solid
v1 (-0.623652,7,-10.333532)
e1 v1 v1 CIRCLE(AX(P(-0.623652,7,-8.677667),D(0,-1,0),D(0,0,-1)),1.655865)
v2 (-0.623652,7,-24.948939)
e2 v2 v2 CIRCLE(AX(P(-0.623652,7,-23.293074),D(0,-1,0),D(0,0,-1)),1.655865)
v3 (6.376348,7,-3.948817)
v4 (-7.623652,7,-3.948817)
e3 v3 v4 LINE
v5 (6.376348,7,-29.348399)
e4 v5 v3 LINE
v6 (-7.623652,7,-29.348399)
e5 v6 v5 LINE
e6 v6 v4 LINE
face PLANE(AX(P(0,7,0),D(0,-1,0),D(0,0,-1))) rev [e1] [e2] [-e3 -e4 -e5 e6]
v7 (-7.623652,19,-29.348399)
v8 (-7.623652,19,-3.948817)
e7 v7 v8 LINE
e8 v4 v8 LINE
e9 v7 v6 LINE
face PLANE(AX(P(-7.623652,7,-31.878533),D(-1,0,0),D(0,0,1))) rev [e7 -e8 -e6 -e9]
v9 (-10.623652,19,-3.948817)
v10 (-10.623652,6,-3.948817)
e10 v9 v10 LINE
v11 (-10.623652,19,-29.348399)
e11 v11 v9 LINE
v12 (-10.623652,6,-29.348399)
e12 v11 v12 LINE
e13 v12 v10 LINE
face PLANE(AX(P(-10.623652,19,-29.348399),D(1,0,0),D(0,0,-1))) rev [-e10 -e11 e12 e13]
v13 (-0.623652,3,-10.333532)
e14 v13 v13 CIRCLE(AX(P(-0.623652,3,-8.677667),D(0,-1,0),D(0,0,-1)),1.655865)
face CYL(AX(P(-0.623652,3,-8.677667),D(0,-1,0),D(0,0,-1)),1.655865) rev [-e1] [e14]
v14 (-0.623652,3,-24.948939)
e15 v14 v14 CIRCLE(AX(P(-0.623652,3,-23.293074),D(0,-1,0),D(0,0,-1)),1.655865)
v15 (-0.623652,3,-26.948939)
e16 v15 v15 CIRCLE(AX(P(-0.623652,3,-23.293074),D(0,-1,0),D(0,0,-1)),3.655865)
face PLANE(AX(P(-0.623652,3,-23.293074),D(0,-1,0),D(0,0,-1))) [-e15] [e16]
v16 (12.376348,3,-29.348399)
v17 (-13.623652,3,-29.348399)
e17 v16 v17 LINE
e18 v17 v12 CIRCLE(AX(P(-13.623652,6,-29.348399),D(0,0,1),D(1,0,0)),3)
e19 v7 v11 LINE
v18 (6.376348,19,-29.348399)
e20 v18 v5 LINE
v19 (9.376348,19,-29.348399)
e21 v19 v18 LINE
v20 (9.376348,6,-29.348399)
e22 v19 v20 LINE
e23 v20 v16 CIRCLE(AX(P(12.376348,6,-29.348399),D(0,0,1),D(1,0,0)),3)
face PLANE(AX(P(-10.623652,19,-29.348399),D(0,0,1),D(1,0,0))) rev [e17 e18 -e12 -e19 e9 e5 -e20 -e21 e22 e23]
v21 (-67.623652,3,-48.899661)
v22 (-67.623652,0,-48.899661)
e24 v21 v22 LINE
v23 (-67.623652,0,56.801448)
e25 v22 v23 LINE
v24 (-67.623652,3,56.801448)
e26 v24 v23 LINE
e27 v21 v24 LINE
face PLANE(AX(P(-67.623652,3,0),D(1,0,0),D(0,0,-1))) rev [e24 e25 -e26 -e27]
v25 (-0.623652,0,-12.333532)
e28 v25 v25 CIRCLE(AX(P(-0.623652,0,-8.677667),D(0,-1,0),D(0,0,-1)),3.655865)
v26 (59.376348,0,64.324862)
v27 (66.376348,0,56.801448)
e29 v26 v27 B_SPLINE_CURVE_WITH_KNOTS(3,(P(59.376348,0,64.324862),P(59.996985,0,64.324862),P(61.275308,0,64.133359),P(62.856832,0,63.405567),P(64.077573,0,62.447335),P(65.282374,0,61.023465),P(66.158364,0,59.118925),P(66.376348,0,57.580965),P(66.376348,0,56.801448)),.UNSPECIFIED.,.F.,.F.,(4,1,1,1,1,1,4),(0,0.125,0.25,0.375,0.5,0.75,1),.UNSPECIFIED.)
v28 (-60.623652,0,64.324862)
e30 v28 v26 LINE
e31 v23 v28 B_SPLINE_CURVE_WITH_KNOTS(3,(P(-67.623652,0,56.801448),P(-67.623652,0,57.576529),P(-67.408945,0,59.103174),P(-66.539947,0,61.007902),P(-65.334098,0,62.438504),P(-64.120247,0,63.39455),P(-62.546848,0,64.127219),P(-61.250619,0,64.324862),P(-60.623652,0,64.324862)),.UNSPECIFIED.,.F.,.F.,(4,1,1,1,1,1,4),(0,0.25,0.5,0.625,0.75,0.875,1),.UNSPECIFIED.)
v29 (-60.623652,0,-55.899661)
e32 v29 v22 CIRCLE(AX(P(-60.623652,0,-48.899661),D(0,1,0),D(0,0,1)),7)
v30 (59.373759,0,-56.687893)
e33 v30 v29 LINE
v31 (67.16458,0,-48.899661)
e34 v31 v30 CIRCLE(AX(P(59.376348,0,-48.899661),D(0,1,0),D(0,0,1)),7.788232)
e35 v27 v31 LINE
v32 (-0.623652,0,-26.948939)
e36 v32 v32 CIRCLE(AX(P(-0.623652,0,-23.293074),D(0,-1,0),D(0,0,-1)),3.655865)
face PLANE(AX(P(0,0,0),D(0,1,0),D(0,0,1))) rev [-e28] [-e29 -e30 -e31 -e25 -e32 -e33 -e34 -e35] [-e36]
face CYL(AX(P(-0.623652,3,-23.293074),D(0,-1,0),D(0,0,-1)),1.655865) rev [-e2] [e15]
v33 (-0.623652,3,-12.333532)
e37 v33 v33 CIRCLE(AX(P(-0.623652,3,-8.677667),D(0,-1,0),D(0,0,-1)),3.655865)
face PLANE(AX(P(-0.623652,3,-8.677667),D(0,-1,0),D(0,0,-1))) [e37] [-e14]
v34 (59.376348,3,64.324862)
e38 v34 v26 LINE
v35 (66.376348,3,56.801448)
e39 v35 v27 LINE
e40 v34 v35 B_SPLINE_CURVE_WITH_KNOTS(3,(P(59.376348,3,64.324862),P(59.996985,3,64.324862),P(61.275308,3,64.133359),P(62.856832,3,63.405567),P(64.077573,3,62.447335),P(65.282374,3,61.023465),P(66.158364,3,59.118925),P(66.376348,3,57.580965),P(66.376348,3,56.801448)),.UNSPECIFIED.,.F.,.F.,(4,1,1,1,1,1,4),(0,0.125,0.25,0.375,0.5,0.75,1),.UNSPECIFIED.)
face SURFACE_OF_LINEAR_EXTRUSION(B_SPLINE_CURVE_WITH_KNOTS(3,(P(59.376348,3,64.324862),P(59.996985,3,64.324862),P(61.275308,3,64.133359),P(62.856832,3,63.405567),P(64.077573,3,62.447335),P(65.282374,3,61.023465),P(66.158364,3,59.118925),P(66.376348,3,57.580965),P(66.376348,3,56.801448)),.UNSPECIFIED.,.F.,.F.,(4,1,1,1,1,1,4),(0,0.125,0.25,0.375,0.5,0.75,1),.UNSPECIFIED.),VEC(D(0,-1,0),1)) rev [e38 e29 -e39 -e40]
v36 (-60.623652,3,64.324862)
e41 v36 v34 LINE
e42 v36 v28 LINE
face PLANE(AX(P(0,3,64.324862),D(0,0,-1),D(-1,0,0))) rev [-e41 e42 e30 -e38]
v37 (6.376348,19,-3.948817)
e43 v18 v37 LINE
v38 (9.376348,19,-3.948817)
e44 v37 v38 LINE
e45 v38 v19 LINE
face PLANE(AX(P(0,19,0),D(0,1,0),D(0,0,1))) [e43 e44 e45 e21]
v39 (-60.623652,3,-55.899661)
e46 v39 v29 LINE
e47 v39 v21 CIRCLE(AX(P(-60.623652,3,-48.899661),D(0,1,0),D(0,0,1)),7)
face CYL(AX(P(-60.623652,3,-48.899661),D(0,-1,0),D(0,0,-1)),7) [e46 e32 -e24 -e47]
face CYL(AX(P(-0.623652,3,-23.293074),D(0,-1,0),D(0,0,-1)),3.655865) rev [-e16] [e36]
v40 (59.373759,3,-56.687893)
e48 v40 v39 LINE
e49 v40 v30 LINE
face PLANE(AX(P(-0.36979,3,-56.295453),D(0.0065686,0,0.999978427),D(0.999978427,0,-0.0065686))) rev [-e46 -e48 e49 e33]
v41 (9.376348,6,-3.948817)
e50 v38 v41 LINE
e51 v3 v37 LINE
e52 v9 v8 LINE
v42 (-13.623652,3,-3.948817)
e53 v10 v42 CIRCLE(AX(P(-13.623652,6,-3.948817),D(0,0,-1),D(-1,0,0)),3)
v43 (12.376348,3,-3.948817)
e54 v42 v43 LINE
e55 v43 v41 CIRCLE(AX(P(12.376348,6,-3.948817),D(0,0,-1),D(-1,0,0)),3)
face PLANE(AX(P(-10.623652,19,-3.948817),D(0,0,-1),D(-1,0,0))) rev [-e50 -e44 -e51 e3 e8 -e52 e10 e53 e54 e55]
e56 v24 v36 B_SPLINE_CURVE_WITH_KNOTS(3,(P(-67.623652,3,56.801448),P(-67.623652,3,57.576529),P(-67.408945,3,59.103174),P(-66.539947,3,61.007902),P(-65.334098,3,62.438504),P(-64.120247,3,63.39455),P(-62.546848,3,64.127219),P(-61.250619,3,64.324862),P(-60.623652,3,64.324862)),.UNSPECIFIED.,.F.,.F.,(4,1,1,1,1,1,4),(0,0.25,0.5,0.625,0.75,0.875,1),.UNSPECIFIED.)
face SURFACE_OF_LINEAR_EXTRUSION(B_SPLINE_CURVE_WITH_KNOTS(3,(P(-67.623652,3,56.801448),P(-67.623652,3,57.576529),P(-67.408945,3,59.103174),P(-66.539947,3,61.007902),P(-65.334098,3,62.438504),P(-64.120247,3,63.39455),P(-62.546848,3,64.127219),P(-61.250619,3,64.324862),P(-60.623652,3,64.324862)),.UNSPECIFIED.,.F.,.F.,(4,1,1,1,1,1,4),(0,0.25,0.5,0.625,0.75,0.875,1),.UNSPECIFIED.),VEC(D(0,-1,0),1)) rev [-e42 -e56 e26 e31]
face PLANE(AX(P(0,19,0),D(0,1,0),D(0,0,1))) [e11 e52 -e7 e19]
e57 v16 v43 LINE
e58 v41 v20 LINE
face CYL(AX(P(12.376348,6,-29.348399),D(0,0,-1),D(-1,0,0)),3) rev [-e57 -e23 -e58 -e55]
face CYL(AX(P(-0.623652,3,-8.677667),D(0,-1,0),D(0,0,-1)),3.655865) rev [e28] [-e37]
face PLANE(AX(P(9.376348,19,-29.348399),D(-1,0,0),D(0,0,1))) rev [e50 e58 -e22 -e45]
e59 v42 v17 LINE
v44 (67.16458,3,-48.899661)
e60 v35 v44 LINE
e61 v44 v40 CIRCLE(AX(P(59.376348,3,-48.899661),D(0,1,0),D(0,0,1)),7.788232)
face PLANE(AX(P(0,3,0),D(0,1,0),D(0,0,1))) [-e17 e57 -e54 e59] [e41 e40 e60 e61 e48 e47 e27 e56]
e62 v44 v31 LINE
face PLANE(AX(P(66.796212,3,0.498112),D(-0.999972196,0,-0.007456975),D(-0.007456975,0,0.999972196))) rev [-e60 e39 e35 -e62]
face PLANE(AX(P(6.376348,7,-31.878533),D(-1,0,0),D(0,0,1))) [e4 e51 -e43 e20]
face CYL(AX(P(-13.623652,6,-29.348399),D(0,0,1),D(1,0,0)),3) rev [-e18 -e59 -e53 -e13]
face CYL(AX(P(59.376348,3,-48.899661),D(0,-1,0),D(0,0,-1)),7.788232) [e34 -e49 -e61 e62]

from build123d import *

# Parameters (mm, degrees)
SKETCH1_R           = 1.655864604
BOSS_EXTRUDE1_DEPTH = 3
SKETCH2_W           = 20
SKETCH2_H           = 25.399582392
SKETCH2_R           = 1.655864604
BOSS_EXTRUDE2_DEPTH = 16
SKETCH3_W           = 14
SKETCH3_H           = 30.433665038
CUT_EXTRUDE1_DEPTH  = 12
FILLET1_R           = 3
SKETCH4_R           = 3.655864604
CUT_EXTRUDE2_DEPTH  = 3


with BuildPart() as part:
    # Sketch1 → Boss-Extrude1 (new body)
    with BuildSketch(Plane(origin=(0, 0, 0), x_dir=(1, 0, 0), z_dir=(0, 1, 0))):
        with BuildLine():
            Line((-67.62365194, 48.899661457), (-67.62365194, -56.801447555))
            add(Edge.make_bspline(
                [(-67.62365194, -56.801447555), (-67.62365194, -57.576529056), (-67.408945412, -59.103174242), (-66.539947264, -61.00790182), (-65.334097821, -62.438503957), (-64.120247313, -63.394550402), (-62.546848101, -64.127219326), (-61.250619214, -64.324861548), (-60.62365194, -64.324861548)],
                knots=[0, 0, 0, 0, 0.25, 0.5, 0.625, 0.75, 0.875, 1, 1, 1, 1], degree=3))
            Line((-60.62365194, -64.324861548), (59.37634806, -64.324861548))
            add(Edge.make_bspline(
                [(59.37634806, -64.324861548), (59.996985006, -64.324861548), (61.275308456, -64.133359368), (62.856831905, -63.405567156), (64.077573394, -62.44733485), (65.282373866, -61.023465146), (66.158364103, -59.118925072), (66.37634806, -57.580964506), (66.37634806, -56.801447555)],
                knots=[0, 0, 0, 0, 0.125, 0.25, 0.375, 0.5, 0.75, 1, 1, 1, 1], degree=3))
            Line((66.37634806, -56.801447555), (67.164580452, 48.899661457))
            ThreePointArc((67.164580452, 48.899661457), (64.882544637, 54.407688605), (59.373759242, 56.687893419))
            Line((59.373759242, 56.687893419), (-60.62365194, 55.899661457))
            ThreePointArc((-60.62365194, 55.899661457), (-65.573399408, 53.849408926), (-67.62365194, 48.899661457))
        make_face()
        with Locations((-0.62365194, 23.293074001)):
            Circle(SKETCH1_R, mode=Mode.SUBTRACT)
        with Locations((-0.62365194, 8.677667421)):
            Circle(SKETCH1_R, mode=Mode.SUBTRACT)
    extrude(amount=BOSS_EXTRUDE1_DEPTH)

    # Sketch2 → Boss-Extrude2 (add)
    with BuildSketch(Plane(origin=(0, 3, 0), x_dir=(1, 0, 0), z_dir=(0, 1, 0))):
        with Locations((-0.62365194, 16.648607969)):
            Rectangle(SKETCH2_W, SKETCH2_H)
        with Locations((-0.62365194, 8.677667421)):
            Circle(SKETCH2_R, mode=Mode.SUBTRACT)
        with Locations((-0.62365194, 23.293074001)):
            Circle(SKETCH2_R, mode=Mode.SUBTRACT)
    extrude(amount=BOSS_EXTRUDE2_DEPTH)

    # Sketch3 → Cut-Extrude1 (cut)
    with BuildSketch(Plane(origin=(0, 19, 0), x_dir=(1, 0, 0), z_dir=(0, 1, 0))):
        with Locations((-0.62365194, 16.661700324)):
            Rectangle(SKETCH3_W, SKETCH3_H)
    extrude(amount=-CUT_EXTRUDE1_DEPTH, mode=Mode.SUBTRACT)

    # Fillet1
    fillet1_edges = [part.edges().sort_by_distance(p)[0] for p in [
        (-10.62365194, 3, -16.648607969),
        (9.37634806, 3, -16.648607969),
    ]]
    fillet(fillet1_edges, radius=FILLET1_R)

    # Sketch4 → Cut-Extrude2 (cut)
    with BuildSketch(Plane.XZ):
        with Locations((-0.62365194, -8.677667421)):
            Circle(SKETCH4_R)
        with Locations((-0.62365194, -23.293074001)):
            Circle(SKETCH4_R)
    extrude(amount=-CUT_EXTRUDE2_DEPTH, mode=Mode.SUBTRACT)


solid = part.part
